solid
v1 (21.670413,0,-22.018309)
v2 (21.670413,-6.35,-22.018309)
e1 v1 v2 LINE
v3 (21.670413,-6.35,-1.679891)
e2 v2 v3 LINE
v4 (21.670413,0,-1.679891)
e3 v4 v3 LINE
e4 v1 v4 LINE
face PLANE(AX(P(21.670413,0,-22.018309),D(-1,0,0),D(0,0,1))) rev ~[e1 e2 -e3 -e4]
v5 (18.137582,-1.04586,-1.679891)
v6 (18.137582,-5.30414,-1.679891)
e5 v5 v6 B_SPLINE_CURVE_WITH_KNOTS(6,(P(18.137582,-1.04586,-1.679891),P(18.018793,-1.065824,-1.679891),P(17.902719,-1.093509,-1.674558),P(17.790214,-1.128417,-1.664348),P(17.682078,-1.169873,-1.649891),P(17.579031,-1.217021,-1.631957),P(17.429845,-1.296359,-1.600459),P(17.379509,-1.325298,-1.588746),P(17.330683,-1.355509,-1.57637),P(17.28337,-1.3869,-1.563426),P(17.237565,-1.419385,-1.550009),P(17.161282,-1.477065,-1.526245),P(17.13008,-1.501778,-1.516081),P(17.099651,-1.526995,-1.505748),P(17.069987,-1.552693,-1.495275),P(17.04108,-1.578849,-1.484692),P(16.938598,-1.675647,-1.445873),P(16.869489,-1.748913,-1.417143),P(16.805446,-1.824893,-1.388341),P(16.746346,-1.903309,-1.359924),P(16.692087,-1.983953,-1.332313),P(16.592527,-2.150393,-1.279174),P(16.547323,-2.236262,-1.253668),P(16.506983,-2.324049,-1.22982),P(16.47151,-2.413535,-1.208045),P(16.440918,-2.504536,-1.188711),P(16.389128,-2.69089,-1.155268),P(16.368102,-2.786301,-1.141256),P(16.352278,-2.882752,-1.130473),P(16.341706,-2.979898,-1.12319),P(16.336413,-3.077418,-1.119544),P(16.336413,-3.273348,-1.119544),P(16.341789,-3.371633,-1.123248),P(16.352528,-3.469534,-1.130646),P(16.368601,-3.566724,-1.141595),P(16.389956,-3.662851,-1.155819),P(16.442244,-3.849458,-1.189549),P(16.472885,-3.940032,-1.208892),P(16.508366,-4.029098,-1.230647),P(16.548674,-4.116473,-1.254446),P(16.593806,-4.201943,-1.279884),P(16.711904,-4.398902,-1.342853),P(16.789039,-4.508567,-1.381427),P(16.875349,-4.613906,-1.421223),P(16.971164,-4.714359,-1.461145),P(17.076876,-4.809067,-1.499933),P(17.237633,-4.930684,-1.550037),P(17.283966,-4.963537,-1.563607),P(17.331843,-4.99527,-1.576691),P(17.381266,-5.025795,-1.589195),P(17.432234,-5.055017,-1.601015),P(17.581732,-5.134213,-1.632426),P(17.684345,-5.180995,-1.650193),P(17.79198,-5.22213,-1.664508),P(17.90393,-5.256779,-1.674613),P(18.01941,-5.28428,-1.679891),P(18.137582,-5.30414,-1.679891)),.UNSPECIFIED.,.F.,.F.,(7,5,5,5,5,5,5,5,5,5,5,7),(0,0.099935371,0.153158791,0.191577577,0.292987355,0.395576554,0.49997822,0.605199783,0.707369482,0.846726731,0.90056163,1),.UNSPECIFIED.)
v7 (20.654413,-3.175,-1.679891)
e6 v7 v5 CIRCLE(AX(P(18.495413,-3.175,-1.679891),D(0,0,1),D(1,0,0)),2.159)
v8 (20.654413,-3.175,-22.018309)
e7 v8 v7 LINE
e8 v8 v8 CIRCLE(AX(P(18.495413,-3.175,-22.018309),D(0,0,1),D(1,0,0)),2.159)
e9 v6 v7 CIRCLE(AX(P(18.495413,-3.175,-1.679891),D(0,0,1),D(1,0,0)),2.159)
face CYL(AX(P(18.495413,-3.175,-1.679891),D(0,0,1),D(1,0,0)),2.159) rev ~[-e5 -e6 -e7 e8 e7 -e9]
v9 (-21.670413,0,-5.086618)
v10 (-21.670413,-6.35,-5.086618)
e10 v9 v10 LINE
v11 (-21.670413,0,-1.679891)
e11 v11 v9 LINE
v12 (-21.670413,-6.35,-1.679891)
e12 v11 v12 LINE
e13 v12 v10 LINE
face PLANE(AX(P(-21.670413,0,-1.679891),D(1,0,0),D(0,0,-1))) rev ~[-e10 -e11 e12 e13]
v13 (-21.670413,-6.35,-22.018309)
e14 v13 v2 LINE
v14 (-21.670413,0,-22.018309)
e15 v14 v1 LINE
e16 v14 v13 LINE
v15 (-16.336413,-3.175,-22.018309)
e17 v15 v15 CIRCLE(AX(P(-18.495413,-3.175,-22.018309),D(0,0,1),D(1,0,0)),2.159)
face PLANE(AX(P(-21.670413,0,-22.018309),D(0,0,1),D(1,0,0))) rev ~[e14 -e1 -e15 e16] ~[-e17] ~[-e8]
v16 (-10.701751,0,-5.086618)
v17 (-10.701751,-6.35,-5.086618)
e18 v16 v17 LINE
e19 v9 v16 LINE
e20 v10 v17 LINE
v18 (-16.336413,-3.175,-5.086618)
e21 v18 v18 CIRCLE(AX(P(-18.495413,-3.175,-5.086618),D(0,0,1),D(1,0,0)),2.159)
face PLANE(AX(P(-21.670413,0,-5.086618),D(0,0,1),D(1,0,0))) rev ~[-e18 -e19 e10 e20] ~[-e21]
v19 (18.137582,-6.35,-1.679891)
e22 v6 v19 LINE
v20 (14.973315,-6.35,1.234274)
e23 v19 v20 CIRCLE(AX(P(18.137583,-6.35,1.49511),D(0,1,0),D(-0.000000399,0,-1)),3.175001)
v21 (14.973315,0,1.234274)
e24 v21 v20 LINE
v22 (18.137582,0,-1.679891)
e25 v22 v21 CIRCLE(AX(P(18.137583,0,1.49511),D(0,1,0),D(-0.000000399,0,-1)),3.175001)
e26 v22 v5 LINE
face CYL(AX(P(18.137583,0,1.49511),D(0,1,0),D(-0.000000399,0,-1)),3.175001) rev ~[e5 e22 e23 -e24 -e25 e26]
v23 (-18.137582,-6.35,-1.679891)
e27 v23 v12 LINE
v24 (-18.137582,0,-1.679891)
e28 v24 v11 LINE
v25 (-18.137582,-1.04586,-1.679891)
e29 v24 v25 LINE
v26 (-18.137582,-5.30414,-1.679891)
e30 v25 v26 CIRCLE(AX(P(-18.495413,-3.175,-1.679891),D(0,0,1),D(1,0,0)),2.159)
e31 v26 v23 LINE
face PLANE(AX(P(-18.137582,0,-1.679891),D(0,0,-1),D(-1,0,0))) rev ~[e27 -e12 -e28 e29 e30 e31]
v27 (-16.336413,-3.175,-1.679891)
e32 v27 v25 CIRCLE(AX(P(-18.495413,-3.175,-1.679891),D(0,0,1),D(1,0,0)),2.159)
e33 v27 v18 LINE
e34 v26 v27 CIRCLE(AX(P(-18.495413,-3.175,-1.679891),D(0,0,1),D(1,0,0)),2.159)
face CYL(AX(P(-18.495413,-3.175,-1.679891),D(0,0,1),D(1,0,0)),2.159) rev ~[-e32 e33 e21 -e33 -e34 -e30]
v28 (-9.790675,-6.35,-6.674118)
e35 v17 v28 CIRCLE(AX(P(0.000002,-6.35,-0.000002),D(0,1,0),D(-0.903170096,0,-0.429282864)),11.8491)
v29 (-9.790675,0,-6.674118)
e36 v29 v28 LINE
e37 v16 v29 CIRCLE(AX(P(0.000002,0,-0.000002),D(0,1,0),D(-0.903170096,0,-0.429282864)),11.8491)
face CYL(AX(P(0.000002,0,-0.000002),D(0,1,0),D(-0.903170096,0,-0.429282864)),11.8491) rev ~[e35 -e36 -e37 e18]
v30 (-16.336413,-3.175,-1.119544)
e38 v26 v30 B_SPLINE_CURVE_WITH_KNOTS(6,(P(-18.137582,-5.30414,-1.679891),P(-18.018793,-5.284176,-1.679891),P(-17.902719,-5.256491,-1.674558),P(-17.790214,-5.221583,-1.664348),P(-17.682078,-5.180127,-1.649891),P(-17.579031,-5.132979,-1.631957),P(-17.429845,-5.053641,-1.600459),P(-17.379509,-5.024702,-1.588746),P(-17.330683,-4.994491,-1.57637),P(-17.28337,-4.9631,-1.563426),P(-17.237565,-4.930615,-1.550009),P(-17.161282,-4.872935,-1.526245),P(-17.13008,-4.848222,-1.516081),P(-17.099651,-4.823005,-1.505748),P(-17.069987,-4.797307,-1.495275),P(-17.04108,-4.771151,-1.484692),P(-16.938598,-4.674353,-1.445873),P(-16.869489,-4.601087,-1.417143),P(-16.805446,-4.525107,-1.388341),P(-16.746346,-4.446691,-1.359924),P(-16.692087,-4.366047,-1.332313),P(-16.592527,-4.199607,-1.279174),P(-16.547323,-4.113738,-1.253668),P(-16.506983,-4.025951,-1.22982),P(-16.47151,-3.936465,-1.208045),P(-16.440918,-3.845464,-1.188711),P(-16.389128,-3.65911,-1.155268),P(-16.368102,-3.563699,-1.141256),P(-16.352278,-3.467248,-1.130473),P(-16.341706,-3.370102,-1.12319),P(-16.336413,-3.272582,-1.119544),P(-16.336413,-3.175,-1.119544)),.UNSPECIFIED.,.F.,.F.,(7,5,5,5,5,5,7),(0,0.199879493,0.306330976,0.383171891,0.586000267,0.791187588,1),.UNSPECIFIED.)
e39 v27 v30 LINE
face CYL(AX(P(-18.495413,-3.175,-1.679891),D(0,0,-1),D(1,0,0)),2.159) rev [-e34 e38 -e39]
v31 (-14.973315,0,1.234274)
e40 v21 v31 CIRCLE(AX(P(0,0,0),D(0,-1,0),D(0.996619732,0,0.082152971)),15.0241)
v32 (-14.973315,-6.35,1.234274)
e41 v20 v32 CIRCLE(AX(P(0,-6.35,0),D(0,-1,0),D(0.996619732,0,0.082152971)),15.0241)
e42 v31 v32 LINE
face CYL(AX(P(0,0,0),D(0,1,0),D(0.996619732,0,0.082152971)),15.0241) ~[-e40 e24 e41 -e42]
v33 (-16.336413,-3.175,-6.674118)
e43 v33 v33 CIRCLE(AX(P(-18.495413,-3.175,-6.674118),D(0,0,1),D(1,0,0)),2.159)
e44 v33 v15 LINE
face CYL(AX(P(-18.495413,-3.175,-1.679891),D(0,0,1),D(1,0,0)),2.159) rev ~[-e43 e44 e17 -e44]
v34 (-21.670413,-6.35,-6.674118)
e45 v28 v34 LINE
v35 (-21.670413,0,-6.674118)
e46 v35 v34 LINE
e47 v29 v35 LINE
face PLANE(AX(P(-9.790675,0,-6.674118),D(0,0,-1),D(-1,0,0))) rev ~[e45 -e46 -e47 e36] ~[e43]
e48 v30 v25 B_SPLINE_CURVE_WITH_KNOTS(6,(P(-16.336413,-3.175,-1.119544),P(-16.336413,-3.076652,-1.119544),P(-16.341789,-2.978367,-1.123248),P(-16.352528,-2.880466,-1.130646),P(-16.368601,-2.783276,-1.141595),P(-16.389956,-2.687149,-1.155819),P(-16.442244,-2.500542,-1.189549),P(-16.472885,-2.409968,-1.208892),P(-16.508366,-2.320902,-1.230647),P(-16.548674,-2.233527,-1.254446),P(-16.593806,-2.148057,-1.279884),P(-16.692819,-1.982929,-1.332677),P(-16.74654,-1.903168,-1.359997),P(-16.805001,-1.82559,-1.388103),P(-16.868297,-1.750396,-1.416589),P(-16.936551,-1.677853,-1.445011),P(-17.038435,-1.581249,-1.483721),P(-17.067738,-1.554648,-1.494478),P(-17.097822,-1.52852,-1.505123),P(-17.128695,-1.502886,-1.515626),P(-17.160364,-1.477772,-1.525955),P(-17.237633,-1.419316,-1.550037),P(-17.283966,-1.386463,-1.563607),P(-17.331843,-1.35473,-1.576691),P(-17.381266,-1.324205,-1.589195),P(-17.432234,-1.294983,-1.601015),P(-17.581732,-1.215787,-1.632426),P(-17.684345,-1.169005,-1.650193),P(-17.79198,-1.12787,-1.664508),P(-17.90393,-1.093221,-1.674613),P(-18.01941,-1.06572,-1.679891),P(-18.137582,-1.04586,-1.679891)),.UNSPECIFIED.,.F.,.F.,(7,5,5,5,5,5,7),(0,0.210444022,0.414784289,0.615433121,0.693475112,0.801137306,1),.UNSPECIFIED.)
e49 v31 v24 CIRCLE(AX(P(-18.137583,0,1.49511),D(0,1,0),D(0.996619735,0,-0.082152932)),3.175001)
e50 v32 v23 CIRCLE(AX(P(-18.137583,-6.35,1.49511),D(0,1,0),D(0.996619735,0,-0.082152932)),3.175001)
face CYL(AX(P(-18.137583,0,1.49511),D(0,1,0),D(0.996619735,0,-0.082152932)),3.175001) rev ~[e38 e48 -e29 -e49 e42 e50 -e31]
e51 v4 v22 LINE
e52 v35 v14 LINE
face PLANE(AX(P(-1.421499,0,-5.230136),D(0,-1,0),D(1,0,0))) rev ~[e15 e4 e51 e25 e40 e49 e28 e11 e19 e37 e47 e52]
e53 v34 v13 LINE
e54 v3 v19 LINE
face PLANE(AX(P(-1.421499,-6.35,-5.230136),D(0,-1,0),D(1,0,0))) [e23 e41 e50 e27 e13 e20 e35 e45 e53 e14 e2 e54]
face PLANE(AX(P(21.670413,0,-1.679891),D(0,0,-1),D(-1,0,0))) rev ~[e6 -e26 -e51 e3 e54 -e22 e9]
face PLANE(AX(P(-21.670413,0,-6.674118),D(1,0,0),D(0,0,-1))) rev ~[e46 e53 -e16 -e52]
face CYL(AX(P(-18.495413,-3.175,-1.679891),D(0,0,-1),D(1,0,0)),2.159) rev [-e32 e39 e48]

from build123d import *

# Parameters (mm, degrees)
F1_DEPTH = 6.35
F2_R     = 2.159
F3_DEPTH = 38.1


with BuildPart() as f1:
    # F0 (on Front) → F1 (new body)
    with BuildSketch(Plane.XZ):
        with BuildLine():
            ThreePointArc((-10.701751, -5.086618), (10.276912, 5.897987), (-9.790675, -6.674118))
            Line((-9.790675, -6.674118), (-21.670413, -6.674118))
            Line((-21.670413, -6.674118), (-21.670413, -22.018309))
            Line((-21.670413, -22.018309), (21.670413, -22.018309))
            Line((21.670413, -22.018309), (21.670413, -1.679891))
            Line((21.670413, -1.679891), (18.137582, -1.679891))
            ThreePointArc((18.137582, -1.679891), (15.986714, -0.840354), (14.973315, 1.234274))
            ThreePointArc((14.973315, 1.234274), (0, 15.0241), (-14.973315, 1.234274))
            ThreePointArc((-14.973315, 1.234274), (-15.986714, -0.840354), (-18.137582, -1.679891))
            Line((-18.137582, -1.679891), (-21.670413, -1.679891))
            Line((-21.670413, -1.679891), (-21.670413, -5.086618))
            Line((-21.670413, -5.086618), (-10.701751, -5.086618))
        make_face()
    extrude(amount=F1_DEPTH)

    # F2 (on face) → F3 (cut, symmetric)
    with BuildSketch(Plane.XY.offset(-1.679891)):
        with Locations((-18.495413, -3.175)):
            Circle(F2_R)
        with Locations((18.495413, -3.175)):
            Circle(F2_R)
    extrude(amount=F3_DEPTH, both=True, mode=Mode.SUBTRACT)


solid = f1.part
